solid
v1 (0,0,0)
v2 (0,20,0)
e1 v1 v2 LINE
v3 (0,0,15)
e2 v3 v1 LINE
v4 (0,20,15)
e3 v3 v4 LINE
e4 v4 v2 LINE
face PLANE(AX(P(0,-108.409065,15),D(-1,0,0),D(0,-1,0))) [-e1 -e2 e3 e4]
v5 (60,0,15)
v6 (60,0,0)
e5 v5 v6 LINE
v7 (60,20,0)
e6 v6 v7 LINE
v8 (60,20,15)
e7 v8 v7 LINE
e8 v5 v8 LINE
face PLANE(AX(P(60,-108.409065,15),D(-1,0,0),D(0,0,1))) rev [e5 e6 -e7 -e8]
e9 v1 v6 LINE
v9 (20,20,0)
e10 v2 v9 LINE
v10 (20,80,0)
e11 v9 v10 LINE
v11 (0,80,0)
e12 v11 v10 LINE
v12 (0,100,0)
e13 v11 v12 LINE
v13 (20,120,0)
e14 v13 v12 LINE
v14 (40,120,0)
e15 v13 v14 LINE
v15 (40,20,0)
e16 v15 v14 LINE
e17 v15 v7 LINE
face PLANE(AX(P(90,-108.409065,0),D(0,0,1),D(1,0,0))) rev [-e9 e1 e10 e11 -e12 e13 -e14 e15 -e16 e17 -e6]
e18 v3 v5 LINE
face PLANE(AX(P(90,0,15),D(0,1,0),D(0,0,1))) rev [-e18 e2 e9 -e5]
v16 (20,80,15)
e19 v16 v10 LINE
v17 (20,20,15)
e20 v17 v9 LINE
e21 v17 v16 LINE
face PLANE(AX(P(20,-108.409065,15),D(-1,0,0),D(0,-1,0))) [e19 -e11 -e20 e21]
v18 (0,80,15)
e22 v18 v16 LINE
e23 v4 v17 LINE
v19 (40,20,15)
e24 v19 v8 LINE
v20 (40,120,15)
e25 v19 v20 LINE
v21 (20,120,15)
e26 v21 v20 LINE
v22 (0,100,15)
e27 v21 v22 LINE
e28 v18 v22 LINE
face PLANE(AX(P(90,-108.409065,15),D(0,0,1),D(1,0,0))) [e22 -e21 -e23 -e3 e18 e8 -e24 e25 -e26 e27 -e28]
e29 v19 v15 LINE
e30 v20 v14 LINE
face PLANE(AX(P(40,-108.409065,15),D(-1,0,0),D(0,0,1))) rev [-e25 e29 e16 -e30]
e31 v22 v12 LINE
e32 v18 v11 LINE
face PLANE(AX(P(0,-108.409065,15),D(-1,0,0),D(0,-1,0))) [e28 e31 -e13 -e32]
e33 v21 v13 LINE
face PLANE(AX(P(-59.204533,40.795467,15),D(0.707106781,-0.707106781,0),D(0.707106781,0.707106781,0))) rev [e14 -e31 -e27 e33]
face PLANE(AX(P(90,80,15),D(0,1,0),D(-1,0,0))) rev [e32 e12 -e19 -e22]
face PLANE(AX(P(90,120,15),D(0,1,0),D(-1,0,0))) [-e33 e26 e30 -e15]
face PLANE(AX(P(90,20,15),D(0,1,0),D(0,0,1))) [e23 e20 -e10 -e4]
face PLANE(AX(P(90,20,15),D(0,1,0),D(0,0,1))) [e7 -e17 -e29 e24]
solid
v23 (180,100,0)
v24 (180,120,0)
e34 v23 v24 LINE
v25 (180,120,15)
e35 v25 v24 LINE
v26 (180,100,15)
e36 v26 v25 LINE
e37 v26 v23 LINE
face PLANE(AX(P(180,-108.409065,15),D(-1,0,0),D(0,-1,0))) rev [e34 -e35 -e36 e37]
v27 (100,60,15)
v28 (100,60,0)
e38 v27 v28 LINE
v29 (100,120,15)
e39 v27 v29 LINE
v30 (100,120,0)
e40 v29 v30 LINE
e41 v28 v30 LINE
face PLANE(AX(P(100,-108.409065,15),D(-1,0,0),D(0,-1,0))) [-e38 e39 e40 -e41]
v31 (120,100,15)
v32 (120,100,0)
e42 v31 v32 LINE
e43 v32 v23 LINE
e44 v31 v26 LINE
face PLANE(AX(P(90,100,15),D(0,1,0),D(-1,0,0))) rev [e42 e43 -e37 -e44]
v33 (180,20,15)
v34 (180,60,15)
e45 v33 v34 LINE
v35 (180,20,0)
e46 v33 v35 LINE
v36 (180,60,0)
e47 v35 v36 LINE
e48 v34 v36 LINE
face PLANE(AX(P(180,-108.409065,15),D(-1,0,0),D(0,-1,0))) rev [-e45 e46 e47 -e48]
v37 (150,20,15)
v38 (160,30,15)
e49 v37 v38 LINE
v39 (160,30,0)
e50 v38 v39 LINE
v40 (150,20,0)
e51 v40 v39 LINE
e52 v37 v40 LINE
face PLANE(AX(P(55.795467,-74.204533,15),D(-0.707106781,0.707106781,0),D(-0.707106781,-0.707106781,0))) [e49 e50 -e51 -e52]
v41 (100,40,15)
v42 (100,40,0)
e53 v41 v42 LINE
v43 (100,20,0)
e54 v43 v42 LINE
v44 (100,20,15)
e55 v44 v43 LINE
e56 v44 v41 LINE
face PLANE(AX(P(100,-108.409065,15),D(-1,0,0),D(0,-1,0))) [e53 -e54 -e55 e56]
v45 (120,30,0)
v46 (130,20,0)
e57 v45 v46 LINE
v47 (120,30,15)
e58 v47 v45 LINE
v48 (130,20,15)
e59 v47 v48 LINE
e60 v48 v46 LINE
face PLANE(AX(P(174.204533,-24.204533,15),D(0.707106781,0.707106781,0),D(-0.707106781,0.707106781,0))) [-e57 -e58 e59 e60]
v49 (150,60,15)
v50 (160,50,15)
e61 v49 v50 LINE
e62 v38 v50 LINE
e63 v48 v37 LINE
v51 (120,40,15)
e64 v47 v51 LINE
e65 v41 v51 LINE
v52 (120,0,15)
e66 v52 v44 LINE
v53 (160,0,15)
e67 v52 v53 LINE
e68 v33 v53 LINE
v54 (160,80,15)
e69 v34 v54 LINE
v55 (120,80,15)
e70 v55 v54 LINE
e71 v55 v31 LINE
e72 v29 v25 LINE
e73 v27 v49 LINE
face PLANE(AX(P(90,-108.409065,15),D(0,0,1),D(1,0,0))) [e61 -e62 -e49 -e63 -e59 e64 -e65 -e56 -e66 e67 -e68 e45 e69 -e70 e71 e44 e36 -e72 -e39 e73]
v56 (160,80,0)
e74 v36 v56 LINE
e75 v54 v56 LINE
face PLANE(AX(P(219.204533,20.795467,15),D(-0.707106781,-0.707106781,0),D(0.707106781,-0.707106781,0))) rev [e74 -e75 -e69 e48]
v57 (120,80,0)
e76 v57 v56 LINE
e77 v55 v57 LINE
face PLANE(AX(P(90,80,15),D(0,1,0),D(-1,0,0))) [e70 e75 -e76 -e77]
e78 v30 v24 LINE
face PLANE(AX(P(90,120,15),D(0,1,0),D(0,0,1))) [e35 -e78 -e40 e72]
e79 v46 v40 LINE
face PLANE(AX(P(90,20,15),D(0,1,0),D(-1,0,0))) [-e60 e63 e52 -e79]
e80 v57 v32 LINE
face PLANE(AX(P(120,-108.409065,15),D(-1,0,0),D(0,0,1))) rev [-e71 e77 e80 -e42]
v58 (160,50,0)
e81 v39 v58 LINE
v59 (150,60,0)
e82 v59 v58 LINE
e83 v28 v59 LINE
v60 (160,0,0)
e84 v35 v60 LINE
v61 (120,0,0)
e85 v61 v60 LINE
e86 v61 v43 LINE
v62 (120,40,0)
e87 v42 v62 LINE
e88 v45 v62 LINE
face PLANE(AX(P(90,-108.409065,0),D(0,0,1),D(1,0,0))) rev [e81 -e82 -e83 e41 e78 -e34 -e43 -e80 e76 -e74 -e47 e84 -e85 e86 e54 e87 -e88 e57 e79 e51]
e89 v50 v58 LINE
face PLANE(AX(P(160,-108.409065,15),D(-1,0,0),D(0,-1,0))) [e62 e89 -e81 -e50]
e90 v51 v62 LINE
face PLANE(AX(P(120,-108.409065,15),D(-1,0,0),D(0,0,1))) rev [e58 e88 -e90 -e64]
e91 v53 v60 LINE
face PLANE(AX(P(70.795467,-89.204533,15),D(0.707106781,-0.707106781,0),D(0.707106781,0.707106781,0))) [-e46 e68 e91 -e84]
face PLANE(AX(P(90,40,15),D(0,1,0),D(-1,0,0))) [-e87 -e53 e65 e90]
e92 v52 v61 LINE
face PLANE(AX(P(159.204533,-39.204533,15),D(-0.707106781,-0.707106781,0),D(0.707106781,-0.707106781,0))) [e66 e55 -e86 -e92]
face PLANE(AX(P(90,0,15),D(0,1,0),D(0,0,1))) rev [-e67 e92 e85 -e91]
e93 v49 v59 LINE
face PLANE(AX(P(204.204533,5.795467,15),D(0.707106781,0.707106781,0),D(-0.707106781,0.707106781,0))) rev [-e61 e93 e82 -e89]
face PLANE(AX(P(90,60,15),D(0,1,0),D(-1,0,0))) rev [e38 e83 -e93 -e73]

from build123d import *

# Parameters (mm, degrees)
EXTRUDE1_DEPTH   = 15
EXTRUDE1_2_DEPTH = 15


with BuildPart() as part:
    # Sketch1 → Extrude1 (new body)
    with BuildSketch(Plane.XY):
        Polygon((20, 120), (40, 120), (40, 20), (60, 20), (60, 0), (0, 0), (0, 20), (20, 20), (20, 80), (0, 80), (0, 100), align=None)
    extrude(amount=EXTRUDE1_DEPTH)


with BuildPart() as body_2:
    # Sketch1 → Extrude1 2 (new body)
    with BuildSketch(Plane.XY):
        Polygon((100, 120), (180, 120), (180, 100), (120, 100), (120, 80), (160, 80), (180, 60), (180, 20), (160, 0), (120, 0), (100, 20), (100, 40), (120, 40), (120, 30), (130, 20), (150, 20), (160, 30), (160, 50), (150, 60), (100, 60), align=None)
    extrude(amount=EXTRUDE1_2_DEPTH)


solid = Compound([part.part, body_2.part])
